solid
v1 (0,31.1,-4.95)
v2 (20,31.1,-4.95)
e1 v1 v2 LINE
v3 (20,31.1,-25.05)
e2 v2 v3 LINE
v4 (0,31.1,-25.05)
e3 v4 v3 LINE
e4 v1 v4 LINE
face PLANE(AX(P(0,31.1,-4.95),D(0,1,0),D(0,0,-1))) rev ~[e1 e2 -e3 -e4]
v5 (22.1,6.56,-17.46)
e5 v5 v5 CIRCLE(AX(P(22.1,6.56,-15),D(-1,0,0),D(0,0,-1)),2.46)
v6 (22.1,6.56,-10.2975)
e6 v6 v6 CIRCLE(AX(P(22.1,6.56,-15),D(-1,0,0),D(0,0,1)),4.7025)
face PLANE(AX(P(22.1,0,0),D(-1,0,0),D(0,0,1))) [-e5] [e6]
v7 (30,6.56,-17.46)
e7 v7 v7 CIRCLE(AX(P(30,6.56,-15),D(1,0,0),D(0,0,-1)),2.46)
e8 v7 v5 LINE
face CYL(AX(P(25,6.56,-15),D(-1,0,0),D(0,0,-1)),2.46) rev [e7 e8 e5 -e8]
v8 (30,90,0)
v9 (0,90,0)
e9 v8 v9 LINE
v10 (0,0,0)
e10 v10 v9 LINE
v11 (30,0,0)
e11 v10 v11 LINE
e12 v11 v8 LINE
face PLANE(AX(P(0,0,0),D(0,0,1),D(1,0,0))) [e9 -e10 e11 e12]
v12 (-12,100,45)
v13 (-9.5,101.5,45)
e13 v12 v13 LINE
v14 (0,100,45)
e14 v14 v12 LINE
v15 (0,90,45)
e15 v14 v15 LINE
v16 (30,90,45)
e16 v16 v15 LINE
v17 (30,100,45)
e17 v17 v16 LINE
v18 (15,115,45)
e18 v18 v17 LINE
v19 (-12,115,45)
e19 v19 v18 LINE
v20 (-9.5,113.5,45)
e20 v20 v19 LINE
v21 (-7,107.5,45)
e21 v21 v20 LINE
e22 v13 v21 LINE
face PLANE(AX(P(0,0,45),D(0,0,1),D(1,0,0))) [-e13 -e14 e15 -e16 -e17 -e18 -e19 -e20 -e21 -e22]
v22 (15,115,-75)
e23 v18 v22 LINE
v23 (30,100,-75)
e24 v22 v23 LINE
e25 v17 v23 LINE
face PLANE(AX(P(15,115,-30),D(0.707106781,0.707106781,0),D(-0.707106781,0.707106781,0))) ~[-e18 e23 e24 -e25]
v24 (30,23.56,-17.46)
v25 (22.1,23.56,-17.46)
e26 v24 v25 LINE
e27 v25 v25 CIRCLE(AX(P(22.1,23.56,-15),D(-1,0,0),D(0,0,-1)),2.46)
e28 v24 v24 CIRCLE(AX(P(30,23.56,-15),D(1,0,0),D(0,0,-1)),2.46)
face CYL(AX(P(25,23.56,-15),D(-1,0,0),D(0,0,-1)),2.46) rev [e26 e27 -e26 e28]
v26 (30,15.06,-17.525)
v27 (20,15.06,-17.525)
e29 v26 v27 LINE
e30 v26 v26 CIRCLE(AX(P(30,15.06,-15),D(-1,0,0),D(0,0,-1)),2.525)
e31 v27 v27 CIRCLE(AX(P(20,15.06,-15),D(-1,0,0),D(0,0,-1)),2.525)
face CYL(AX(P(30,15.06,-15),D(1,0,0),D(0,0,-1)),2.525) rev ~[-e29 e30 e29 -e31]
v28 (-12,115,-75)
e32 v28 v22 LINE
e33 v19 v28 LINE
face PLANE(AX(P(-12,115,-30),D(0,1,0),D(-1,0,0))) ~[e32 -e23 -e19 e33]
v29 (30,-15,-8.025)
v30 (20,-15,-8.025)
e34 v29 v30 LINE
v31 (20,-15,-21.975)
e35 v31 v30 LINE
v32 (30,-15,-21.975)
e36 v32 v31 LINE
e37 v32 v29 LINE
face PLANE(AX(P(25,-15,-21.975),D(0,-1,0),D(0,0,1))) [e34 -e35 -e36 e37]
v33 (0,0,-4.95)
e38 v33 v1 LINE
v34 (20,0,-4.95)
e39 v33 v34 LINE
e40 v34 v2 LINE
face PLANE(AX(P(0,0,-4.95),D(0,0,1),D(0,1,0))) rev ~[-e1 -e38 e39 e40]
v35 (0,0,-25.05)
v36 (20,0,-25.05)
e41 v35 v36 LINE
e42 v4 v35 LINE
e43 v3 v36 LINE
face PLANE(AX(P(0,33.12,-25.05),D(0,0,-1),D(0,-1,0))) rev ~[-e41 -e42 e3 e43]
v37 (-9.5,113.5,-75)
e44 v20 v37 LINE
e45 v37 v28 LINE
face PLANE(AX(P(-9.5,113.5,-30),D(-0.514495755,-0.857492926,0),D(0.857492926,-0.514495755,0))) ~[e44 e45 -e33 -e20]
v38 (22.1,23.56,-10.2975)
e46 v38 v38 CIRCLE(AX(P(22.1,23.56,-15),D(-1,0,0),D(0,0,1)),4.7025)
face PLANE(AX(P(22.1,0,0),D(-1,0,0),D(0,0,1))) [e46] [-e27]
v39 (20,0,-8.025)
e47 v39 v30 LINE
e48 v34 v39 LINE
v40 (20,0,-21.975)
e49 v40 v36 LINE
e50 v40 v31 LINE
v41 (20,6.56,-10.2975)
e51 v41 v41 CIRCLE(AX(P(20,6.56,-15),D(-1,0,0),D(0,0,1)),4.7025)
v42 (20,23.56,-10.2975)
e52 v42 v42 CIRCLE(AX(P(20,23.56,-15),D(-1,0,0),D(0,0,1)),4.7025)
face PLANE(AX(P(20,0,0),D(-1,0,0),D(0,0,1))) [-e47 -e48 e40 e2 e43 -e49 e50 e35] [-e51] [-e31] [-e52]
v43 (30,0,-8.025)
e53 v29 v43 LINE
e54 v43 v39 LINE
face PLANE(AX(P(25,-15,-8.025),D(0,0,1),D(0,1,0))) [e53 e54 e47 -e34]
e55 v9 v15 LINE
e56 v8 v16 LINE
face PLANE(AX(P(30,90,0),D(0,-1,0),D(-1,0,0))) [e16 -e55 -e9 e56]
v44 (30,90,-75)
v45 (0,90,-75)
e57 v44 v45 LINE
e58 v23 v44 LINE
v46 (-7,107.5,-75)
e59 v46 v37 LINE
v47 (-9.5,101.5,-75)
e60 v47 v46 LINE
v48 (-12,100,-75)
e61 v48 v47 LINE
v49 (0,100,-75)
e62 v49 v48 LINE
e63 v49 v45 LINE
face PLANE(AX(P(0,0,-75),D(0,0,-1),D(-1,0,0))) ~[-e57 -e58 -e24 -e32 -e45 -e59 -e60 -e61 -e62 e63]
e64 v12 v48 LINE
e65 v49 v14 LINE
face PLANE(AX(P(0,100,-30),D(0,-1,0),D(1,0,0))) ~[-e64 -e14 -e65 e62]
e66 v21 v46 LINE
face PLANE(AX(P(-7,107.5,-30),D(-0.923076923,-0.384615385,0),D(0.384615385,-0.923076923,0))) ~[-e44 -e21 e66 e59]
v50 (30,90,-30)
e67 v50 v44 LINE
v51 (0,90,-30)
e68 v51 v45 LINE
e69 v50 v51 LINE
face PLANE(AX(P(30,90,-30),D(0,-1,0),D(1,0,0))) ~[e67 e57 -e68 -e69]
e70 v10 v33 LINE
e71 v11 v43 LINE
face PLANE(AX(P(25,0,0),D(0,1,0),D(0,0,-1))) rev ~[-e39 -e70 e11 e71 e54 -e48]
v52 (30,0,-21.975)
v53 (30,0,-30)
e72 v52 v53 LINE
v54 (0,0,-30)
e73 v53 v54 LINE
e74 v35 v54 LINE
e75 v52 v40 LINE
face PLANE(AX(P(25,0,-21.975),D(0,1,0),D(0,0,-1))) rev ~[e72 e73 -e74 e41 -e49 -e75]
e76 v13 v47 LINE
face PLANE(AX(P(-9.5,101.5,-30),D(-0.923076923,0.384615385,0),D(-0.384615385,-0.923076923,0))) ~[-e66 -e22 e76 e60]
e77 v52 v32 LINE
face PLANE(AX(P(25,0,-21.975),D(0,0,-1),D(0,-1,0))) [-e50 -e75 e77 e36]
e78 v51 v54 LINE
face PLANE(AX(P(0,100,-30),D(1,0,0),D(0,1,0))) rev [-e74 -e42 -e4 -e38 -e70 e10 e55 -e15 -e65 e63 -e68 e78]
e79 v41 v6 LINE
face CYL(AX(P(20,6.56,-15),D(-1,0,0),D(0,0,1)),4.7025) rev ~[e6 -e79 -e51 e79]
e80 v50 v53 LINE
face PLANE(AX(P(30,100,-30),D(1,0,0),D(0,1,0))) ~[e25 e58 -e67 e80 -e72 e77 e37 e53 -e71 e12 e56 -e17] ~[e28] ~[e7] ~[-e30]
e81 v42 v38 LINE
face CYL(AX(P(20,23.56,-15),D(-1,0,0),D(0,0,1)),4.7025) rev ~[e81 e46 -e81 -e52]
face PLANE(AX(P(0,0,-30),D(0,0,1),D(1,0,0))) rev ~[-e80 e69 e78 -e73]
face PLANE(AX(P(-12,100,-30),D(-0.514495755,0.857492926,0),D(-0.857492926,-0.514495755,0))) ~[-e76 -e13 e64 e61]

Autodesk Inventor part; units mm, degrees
ref_plane "YZ Plane" through (0, 0, 0) normal (1, 0, 0) x (0, 1, 0)
ref_plane "XZ Plane" through (0, 0, 0) normal (0, 1, 0) x (-1, 0, 0)
sketch "Sketch1" plane through (0, 0, 0) normal (0, 0, 1) x (1, 0, 0)
  line L0 (0, 0) -> (25, 0)
  line L1 (25, 0) -> (25, 40)
  line L2 (25, 40) -> (0, 40)
  line L3 (0, 40) -> (0, 0)
  dimension "d1" = 25
  dimension "d2" = 40
  dimension "d3" = 25
extrude "Extrusion1" add sketch "Sketch1" against normal blind 30
sketch "Sketch2" plane through (25, 0, 0) normal (1, 0, 0) x (0, 0, -1)
  line L0 (0, 0) -> (30, 0) projected
  circle A0 centre (15, 6.56) radius 2.46
extrude "Extrusion2" cut sketch "Sketch2" against normal blind 30
sketch "Sketch3" plane through (0, 0, 0) normal (-1, 0, 0) x (0, 0, 1)
  line L0 (0, 0) -> (-30, 0) projected
  line L1 (-25.05, 0) -> (-4.95, 0)
  line L2 (-4.95, 0) -> (-4.95, 33.12)
  line L3 (-4.95, 33.12) -> (-25.05, 33.12)
  line L4 (-25.05, 33.12) -> (-25.05, 0)
  dimension "d11" = 20.1
extrude "Extrusion3" cut sketch "Sketch3" against normal blind 20
sketch "Sketch4" plane through (0, 0, 0) normal (0, -1, 0) x (1, 0, 0)
  line L0 (20, -4.95) -> (20, -25.05) projected
  line L1 (20, -15) -> (25, -15)
  line L2 (25, 0) -> (25, -30) projected
  line L3 (20, -8.025) -> (25, -8.025)
  line L4 (25, -8.025) -> (25, -21.975)
  line L5 (25, -21.975) -> (20, -21.975)
  line L6 (20, -21.975) -> (20, -8.025)
  line L7 (20, -8.025) -> (25, -21.975) construction
  line L8 (25, -8.025) -> (20, -21.975) construction
  line L9 (25, -12.54) -> (25, -17.46) projected
  point P0 (0, 0)
  point P1 (22.5, -15)
  dimension "d14" = 13.95
extrude "Extrusion4" add sketch "Sketch4" along normal blind 15
sketch "Sketch5" plane through (20, 0, 0) normal (-1, 0, 0) x (0, 0, 1)
  circle A0 centre (-15, 6.56) radius 2.46 projected
  circle A1 centre (-15, 6.56) radius 4.7025
  circle A2 centre (-15, 6.56) radius 2.46 projected
  circle A3 centre (-15, 6.56) radius 2.46
  point P0 (0, 0)
  dimension "d17" = 9.405
extrude "Extrusion5" cut sketch "Sketch5" against normal blind 2.1
sketch "Sketch6" plane through (25, 0, 0) normal (1, 0, 0) x (0, 0, -1)
  circle A0 centre (15, 6.56) radius 4.7025 projected
  line L0 (15, 6.56) -> (15, 23.56)
  circle A1 centre (15, 23.56) radius 2.46
  point P0 (0, 0)
  dimension "d20" = 17
  dimension "d21" = 4.92
extrude "Extrusion6" cut sketch "Sketch6" against normal blind 10 contours A1
sketch "Sketch7" plane through (20, 0, 0) normal (-1, 0, 0) x (0, 0, 1)
  circle A0 centre (-15, 23.56) radius 2.46 projected
  circle A1 centre (-15, 23.56) radius 4.7025
  point P0 (0, 0)
  dimension "d24" = 9.405
extrude "Extrusion7" cut sketch "Sketch7" against normal blind 2.1
sketch "Sketch9" plane through (25, 0, 0) normal (1, 0, 0) x (0, 0, -1)
  circle A0 centre (15, 6.56) radius 2.46 projected
  circle A1 centre (15, 6.56) radius 2.46
  circle A2 centre (15, 23.56) radius 2.46 projected
  circle A3 centre (15, 23.56) radius 2.46
  line L0 (30, 40) -> (30, 0) projected
  line L1 (30, 0) -> (30, 40)
  line L2 (30, 40) -> (0, 40)
  line L3 (0, 40) -> (0, 0)
  line L4 (0, 0) -> (8.025, 0) projected
  line L5 (21.975, 0) -> (21.975, -15)
  line L6 (21.975, -15) -> (8.025, -15)
  line L7 (8.025, -15) -> (8.025, 0)
  line L8 (0, 0) -> (8.025, 0)
  line L9 (21.975, 0) -> (30, 0)
extrude "Extrusion8" add sketch "Sketch9" along normal blind 5
sketch "Sketch10" plane through (0, 40, 0) normal (0, 1, 0) x (1, 0, 0)
  line L0 (0, 30) -> (30, 30) projected
  line L1 (30, 0) -> (0, 0) projected
  line L2 (0, 30) -> (30, 30)
  line L3 (30, 30) -> (30, 0)
  line L4 (30, 0) -> (0, 0)
  line L5 (0, 0) -> (0, 30)
extrude "Extrusion9" add sketch "Sketch10" along normal blind 30
sketch "Sketch12" plane through (30, 0, 0) normal (1, 0, 0) x (0, 0, -1)
  circle A0 centre (15, 6.56) radius 2.46 projected
  line L0 (15, 6.56) -> (15, 15.06)
  circle A1 centre (15, 15.06) radius 2.525
  point P0 (0, 0)
  dimension "d31" = 8.5
  dimension "d33" = 5.05
extrude "Extrusion10" cut sketch "Sketch12" against normal blind 30 contours A1
sketch "Sketch14" plane through (0, 0, 0) normal (0, 0, 1) x (1, 0, 0)
  line L0 (30, 70) -> (0, 70) projected
  line L1 (0, 70) -> (0, 85)
  line L2 (30, 100) -> (15, 115)
  line L3 (-12, 115) -> (15, 115)
  line L4 (30, 0) -> (30, 70) projected
  line L5 (30, 100) -> (30, 70)
  line L6 (-9.5, 113.5) -> (-12, 115)
  line L7 (-9.5, 101.5) -> (-12, 100)
  line L8 (-7, 107.5) -> (-9.5, 101.5)
  line L9 (-7, 107.5) -> (-9.5, 113.5)
  line L10 (0, 100) -> (0, 85)
  line L11 (0, 100) -> (-12, 100)
  point P0 (0, 0)
  dimension "d49" = 15
  dimension "d61" = 12
extrude "Extrusion12" add sketch "Sketch14" against normal blind 30
sketch "Sketch15" plane through (0, 0, -25.05) normal (-1, 0, 0) x (0, 0, 1)
  line L0 (0, 33.12) -> (20.1, 33.12) projected
  line L1 (20.1, 33.12) -> (20.1, 0) projected
  line L2 (0, 33.12) -> (20.1, 33.12)
  line L3 (20.1, 33.12) -> (20.1, 31.1)
  line L4 (20.1, 31.1) -> (0, 31.1)
  line L5 (0, 31.1) -> (0, 33.12)
  point P0 (25.05, 0)
  dimension "d57" = 2.02
extrude "Extrusion13" add sketch "Sketch15" against normal blind 20
sketch "Sketch19" plane through (0, 0, 0) normal (0, 0, 1) x (1, 0, 0)
  line L0 (0, 100) -> (0, 0) projected
  line L1 (0, 100) -> (-12, 100) projected
  line L2 (0, 100) -> (-12, 100)
  line L3 (-12, 100) -> (-9.5, 101.5) projected
  line L4 (-12, 100) -> (-9.5, 101.5)
  line L5 (-9.5, 101.5) -> (-7, 107.5) projected
  line L6 (-9.5, 101.5) -> (-7, 107.5)
  line L7 (-7, 107.5) -> (-9.5, 113.5) projected
  line L8 (-7, 107.5) -> (-9.5, 113.5)
  line L9 (-9.5, 113.5) -> (-12, 115) projected
  line L10 (-9.5, 113.5) -> (-12, 115)
  line L11 (-12, 115) -> (15, 115) projected
  line L12 (-12, 115) -> (15, 115)
  line L13 (15, 115) -> (30, 100) projected
  line L14 (15, 115) -> (30, 100)
  line L15 (30, 100) -> (30, 90)
  line L16 (30, 0) -> (30, 100) projected
  line L17 (30, 90) -> (0, 90)
  line L18 (0, 0) -> (0, 100) projected
  line L19 (0, 90) -> (0, 100)
  dimension "d62" = 10
  dimension "d63" = 30
extrude "Extrusion14" add sketch "Sketch19" along normal blind 45
ref_plane "Work Plane1" through (0, 0, -15) normal (0, 0, 1) x (1, 0, 0)
mirror "Mirror1" about plane through (0, 0, -15) normal (0, 0, 1) of "Extrusion14"
properties part number "rec_b_12mm_x_120mm"
